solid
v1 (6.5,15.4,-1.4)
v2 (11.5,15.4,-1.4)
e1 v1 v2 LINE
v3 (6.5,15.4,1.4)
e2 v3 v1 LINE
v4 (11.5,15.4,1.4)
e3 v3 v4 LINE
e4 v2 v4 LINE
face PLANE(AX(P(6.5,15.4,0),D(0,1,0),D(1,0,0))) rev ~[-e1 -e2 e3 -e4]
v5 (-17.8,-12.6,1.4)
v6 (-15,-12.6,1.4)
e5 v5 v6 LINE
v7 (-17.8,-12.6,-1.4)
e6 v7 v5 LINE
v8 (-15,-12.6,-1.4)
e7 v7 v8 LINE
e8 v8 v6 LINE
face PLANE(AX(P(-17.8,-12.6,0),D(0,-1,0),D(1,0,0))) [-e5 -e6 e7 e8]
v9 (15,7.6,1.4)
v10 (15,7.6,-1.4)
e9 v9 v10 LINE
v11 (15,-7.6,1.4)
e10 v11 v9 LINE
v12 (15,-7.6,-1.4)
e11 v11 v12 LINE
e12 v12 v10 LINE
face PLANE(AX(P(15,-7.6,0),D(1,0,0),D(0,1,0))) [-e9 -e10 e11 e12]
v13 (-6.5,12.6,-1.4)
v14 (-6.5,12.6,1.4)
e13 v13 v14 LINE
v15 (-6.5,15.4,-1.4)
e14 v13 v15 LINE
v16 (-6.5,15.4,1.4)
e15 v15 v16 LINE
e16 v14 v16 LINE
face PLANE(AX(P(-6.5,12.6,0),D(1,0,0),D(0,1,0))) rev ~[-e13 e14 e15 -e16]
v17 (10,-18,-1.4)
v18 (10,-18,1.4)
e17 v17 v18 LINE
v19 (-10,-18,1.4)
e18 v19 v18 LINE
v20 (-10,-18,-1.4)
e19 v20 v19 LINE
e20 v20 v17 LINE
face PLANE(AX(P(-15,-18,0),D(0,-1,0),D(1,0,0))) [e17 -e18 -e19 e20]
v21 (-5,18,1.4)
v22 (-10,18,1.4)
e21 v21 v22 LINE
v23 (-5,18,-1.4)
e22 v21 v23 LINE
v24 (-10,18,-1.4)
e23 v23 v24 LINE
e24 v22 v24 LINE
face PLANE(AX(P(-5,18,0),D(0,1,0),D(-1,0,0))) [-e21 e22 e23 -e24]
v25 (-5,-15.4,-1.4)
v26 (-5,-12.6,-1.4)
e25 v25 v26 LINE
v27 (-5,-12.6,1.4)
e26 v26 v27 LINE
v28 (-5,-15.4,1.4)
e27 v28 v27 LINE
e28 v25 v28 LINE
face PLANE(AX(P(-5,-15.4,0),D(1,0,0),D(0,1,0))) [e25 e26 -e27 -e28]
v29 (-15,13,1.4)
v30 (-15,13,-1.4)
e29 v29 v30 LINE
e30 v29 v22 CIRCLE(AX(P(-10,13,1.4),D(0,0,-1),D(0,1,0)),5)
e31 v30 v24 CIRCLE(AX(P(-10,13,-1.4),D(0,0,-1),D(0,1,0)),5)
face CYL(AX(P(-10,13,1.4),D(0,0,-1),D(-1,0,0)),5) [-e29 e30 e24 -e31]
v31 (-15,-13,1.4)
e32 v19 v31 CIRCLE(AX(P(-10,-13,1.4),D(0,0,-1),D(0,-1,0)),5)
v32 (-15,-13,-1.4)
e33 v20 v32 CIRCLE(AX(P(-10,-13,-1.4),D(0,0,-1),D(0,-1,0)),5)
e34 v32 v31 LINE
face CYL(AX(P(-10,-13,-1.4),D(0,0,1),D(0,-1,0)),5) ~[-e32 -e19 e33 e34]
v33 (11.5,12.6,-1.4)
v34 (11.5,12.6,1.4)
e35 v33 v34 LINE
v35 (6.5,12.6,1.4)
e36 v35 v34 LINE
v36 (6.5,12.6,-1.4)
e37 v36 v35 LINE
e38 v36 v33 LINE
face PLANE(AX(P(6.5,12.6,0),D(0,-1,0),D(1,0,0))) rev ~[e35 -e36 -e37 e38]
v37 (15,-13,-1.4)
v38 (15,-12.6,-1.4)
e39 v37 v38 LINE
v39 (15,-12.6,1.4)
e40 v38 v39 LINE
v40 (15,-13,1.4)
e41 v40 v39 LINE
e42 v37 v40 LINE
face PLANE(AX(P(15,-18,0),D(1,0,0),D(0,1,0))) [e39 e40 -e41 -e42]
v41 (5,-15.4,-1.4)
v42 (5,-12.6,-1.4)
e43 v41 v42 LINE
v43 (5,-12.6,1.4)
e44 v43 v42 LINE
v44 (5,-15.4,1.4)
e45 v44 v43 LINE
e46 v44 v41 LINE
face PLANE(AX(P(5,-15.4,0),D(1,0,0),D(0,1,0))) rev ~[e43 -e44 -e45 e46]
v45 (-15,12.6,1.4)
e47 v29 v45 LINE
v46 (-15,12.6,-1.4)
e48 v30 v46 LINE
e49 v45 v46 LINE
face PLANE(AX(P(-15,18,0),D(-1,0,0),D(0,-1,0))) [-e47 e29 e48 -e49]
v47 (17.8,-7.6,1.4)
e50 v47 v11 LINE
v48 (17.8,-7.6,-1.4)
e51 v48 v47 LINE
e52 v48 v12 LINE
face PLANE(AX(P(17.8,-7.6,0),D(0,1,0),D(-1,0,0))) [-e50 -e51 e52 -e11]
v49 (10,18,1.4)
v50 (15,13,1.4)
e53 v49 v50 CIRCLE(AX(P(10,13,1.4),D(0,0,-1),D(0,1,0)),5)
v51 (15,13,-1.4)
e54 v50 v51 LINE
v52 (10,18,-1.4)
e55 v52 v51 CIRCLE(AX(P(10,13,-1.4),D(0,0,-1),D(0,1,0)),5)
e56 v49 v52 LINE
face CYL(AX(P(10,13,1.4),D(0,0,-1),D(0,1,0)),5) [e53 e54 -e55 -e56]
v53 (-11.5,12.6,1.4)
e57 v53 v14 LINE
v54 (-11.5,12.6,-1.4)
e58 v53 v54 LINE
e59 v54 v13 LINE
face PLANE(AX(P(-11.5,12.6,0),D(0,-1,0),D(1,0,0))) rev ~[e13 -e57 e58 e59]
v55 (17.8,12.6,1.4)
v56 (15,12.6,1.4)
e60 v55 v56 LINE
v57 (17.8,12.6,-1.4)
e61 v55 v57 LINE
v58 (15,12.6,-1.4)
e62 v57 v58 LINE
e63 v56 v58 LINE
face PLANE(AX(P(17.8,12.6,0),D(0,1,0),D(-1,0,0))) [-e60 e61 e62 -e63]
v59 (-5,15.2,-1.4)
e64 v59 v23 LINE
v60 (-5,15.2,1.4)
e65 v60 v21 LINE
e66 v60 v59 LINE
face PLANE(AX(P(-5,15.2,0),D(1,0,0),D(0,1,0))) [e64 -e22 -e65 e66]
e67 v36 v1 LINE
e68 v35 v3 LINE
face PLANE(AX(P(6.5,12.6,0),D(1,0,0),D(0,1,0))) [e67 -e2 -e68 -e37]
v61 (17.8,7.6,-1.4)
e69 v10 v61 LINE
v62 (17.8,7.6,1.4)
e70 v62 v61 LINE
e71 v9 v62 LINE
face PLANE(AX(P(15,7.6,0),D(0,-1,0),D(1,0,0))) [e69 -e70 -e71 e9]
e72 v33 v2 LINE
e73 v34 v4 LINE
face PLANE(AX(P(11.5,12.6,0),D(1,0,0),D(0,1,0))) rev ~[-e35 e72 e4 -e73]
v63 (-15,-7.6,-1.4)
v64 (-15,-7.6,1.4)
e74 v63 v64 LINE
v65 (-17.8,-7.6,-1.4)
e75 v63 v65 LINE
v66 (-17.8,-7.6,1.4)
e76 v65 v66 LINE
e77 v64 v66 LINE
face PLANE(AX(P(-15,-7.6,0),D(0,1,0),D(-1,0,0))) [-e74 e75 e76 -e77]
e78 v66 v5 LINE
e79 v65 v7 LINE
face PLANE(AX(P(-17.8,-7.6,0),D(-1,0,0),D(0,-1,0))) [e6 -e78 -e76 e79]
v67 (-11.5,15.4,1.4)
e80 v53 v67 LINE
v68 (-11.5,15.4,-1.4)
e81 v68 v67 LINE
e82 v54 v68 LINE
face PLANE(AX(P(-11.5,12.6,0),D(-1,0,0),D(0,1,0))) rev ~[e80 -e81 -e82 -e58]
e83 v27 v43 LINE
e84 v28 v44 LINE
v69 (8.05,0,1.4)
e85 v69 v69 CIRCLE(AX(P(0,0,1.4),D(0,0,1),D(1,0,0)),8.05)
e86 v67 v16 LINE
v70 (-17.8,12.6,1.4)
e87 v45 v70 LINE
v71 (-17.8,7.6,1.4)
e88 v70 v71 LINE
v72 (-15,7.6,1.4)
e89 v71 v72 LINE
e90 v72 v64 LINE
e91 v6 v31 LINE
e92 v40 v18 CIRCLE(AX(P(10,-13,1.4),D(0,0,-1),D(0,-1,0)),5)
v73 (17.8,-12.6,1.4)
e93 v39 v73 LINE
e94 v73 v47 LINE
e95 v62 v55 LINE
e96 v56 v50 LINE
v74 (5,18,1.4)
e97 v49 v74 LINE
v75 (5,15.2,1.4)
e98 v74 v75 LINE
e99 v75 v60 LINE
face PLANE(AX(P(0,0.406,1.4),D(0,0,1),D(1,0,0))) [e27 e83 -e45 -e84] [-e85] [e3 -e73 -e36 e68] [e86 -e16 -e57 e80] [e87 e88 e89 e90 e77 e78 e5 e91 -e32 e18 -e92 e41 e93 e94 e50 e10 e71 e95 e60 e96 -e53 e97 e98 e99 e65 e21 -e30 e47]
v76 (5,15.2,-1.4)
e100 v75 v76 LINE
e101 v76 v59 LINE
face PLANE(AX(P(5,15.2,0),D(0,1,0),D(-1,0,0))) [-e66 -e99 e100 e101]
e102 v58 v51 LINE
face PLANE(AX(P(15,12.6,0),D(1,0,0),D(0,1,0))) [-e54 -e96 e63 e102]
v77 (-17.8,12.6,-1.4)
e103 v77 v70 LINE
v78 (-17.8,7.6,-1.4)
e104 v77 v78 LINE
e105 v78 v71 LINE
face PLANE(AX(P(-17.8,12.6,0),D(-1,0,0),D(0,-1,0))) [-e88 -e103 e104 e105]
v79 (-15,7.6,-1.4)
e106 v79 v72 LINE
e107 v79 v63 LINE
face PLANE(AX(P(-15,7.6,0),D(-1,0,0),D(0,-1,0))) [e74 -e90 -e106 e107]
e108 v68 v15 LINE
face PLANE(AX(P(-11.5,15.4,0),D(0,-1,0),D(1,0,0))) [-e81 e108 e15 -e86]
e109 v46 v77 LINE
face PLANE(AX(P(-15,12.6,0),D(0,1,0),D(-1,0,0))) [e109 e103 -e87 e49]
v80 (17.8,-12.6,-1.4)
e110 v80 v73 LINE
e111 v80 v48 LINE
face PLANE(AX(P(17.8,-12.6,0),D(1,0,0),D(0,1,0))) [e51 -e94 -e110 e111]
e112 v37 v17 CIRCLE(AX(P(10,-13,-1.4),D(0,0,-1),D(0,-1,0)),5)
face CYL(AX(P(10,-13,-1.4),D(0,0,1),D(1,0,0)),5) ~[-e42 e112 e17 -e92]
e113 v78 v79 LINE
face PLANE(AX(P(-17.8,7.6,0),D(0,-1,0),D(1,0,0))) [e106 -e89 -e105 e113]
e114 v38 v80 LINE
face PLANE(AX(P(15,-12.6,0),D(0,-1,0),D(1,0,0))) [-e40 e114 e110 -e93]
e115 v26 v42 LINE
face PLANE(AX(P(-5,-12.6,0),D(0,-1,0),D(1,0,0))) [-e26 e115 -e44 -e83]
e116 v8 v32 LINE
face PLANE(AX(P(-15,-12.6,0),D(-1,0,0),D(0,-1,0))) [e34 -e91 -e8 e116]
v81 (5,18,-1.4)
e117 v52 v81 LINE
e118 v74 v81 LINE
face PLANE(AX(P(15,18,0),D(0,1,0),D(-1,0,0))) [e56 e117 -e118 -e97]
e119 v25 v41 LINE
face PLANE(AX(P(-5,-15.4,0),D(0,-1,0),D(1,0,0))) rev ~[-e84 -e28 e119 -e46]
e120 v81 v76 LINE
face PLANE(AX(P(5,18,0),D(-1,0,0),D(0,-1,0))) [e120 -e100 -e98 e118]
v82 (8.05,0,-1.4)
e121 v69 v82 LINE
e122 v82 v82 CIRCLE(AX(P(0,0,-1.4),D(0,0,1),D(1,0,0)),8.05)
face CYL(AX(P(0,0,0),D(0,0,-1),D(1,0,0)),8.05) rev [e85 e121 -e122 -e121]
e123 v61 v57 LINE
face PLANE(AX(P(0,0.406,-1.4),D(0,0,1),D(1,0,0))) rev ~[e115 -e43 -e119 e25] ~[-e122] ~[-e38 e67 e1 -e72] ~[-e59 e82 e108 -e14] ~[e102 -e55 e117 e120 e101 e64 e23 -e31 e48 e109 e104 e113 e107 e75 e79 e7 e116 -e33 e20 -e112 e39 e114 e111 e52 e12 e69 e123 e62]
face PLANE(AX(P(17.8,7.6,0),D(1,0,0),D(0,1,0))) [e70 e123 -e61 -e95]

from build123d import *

# Parameters (mm, degrees)
SKETCH_1_R      = 8.05
SKETCH_1_W      = 10
SKETCH_1_H      = 2.8
SKETCH_1_W_2    = 5
EXTRUDE_1_DEPTH = 1.4
FILLET_1_R      = 5


with BuildPart() as part:
    # Эскиз1 → Бобышка-Вытянуть1 (new, symmetric)
    with BuildSketch(Plane.XY):
        Polygon((-15, 12.6), (-17.8, 12.6), (-17.8, 7.6), (-15, 7.6), (-15, -7.6), (-17.8, -7.6), (-17.8, -12.6), (-15, -12.6), (-15, -18), (15, -18), (15, -12.6), (17.8, -12.6), (17.8, -7.6), (15, -7.6), (15, 7.6), (17.8, 7.6), (17.8, 12.6), (15, 12.6), (15, 18), (5, 18), (5, 15.2), (-5, 15.2), (-5, 18), (-15, 18), align=None)
        Circle(SKETCH_1_R, mode=Mode.SUBTRACT)
        with Locations((0, -14)):
            Rectangle(SKETCH_1_W, SKETCH_1_H, mode=Mode.SUBTRACT)
        with Locations((9, 14)):
            Rectangle(SKETCH_1_W_2, SKETCH_1_H, mode=Mode.SUBTRACT)
        with Locations((-9, 14)):
            Rectangle(SKETCH_1_W_2, SKETCH_1_H, mode=Mode.SUBTRACT)
    extrude(amount=EXTRUDE_1_DEPTH, both=True)

    # Скругление1
    fillet_1_edges = [part.edges().sort_by_distance(p)[0] for p in [
        (15, 18, 0),
        (15, -18, 0),
        (-15, -18, 0),
        (-15, 18, 0),
    ]]
    fillet(fillet_1_edges, radius=FILLET_1_R)


solid = part.part
